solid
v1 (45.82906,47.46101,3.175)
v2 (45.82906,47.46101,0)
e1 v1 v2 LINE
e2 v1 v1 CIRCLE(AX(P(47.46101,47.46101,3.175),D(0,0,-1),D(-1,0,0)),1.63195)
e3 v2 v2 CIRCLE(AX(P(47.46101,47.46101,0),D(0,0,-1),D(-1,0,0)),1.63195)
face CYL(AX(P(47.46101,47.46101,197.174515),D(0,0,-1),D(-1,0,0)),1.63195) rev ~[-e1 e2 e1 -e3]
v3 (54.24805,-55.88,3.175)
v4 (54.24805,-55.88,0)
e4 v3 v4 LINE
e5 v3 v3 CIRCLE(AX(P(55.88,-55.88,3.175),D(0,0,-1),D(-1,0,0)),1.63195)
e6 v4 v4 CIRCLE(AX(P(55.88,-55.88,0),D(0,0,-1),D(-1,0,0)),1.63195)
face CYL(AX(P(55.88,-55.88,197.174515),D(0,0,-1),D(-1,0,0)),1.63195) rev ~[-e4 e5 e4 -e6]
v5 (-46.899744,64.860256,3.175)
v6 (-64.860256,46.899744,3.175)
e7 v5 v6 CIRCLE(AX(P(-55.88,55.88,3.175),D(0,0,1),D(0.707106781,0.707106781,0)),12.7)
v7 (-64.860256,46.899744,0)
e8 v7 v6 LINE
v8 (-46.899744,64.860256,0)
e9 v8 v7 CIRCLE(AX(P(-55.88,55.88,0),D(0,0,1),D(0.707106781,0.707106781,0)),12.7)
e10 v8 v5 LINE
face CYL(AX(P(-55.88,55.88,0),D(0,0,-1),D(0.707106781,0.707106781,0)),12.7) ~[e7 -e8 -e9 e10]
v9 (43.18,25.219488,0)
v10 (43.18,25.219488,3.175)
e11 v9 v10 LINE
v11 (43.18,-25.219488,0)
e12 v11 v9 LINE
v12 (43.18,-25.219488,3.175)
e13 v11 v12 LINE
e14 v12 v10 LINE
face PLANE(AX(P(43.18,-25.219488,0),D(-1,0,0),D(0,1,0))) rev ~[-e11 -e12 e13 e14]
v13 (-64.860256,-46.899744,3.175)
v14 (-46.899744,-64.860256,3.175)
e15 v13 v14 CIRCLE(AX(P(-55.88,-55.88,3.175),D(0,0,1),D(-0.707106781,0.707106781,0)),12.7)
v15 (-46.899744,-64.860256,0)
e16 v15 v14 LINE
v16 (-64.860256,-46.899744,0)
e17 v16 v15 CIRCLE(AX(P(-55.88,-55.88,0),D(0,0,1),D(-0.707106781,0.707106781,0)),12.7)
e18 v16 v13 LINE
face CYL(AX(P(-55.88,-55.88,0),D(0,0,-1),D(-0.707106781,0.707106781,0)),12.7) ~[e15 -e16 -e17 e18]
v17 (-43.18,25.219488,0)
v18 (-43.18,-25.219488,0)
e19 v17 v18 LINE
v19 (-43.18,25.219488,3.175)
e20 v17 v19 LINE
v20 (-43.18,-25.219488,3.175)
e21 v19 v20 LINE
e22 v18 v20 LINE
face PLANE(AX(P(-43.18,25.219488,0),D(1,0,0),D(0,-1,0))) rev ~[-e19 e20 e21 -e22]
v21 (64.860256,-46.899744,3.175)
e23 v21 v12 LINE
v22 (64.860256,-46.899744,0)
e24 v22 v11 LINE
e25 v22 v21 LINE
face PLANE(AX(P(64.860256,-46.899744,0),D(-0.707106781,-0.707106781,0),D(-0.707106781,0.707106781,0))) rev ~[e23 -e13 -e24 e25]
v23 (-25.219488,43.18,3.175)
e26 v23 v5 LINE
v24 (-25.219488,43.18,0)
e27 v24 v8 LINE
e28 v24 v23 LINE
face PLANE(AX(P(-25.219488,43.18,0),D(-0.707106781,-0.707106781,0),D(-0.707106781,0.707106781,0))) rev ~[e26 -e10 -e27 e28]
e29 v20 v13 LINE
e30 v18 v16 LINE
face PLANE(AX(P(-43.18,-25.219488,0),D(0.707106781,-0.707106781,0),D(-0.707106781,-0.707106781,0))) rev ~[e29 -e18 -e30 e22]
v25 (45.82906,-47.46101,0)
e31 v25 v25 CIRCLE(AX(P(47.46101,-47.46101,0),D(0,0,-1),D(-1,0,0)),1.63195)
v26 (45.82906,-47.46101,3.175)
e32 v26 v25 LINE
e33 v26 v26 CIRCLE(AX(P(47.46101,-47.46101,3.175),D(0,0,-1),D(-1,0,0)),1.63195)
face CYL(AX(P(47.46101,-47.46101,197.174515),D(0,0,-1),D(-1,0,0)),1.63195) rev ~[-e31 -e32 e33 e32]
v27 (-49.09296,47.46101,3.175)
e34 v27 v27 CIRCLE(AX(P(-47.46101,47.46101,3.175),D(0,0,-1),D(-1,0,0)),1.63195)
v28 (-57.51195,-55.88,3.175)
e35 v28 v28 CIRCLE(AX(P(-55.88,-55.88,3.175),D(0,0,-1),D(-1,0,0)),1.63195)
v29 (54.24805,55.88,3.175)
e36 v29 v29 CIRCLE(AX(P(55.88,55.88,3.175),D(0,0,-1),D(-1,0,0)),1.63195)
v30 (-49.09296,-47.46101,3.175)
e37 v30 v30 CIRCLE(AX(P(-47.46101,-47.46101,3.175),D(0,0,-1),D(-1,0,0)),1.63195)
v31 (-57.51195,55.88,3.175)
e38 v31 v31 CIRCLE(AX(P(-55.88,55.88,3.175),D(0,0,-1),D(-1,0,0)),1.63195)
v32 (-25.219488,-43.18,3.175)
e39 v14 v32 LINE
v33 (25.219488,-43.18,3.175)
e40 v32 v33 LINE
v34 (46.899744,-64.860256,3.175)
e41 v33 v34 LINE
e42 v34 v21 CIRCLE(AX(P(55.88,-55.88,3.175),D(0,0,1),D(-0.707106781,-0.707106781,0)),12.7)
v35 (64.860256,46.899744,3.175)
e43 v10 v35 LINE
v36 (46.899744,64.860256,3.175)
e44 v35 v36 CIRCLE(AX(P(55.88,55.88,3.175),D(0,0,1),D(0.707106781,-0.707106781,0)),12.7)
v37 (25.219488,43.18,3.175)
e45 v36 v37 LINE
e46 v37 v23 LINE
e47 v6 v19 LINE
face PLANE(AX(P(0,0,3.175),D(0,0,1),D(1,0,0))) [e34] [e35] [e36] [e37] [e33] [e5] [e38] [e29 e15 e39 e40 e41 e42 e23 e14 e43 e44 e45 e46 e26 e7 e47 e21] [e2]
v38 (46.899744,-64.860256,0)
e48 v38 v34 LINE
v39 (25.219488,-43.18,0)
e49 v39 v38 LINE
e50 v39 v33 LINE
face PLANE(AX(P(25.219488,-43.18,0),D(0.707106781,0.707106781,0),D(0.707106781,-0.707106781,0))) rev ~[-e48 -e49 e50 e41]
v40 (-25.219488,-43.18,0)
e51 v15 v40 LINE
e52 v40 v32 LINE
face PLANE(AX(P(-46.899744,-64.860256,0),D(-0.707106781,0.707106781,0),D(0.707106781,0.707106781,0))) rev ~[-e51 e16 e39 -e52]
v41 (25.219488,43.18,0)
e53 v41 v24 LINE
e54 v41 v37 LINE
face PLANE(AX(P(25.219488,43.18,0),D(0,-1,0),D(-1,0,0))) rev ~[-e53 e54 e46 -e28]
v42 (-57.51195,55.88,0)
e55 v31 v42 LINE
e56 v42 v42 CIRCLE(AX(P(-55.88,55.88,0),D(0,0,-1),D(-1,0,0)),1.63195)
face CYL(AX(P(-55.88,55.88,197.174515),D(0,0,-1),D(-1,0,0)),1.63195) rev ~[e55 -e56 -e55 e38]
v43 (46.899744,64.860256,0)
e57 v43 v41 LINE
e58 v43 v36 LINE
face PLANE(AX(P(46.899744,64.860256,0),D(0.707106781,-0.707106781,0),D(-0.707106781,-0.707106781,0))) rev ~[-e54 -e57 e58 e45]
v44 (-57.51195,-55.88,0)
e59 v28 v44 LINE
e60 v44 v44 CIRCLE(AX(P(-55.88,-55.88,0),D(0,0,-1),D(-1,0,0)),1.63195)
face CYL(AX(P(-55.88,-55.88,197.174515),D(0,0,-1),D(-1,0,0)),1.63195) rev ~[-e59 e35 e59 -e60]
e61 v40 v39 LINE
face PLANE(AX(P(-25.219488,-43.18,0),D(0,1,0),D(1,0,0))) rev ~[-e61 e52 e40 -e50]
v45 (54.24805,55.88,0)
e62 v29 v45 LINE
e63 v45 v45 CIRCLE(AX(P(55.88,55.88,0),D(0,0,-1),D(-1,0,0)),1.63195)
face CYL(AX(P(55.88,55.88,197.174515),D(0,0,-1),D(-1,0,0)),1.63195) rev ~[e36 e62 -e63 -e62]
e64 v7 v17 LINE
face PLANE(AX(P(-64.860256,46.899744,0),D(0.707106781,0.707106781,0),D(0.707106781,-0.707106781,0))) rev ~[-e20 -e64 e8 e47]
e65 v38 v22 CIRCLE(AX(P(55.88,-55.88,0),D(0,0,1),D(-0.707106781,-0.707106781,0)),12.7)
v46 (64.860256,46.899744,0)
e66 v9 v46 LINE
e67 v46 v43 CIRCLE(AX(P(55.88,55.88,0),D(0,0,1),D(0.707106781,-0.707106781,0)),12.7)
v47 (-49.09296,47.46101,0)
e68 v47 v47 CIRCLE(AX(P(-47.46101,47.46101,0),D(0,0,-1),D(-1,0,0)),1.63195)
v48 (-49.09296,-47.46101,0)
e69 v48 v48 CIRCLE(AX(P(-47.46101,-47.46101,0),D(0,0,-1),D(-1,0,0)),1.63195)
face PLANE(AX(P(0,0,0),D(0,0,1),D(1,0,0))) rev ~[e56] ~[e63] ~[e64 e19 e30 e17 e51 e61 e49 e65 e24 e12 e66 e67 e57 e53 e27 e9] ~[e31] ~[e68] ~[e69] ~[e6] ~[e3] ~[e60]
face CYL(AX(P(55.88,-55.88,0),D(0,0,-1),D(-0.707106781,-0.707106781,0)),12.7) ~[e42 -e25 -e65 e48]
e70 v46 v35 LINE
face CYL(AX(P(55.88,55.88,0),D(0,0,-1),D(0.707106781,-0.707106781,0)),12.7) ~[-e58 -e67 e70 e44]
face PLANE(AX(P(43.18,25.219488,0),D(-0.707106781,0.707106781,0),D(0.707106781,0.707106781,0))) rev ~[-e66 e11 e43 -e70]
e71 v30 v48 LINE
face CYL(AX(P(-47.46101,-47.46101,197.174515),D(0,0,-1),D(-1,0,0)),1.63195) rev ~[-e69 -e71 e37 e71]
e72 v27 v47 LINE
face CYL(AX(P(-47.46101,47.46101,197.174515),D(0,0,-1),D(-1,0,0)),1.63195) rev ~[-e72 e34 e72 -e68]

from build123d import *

# Parameters (mm, degrees)
F1_DEPTH = 3.175
F3_D     = 3.2639
F5_D     = 3.2639


with BuildPart() as f1:
    # F0 (on Top) → F1 (new body)
    with BuildSketch(Plane.XY):
        with BuildLine():
            Line((-25.2194877579, 43.18), (-46.8997438789, 64.8602561211))
            ThreePointArc((-46.8997438789, 64.8602561211), (-64.8602561211, 64.8602561211), (-64.8602561211, 46.8997438789))
            Line((-64.8602561211, 46.8997438789), (-43.18, 25.2194877579))
            Line((-43.18, 25.2194877579), (-43.18, -25.2194877579))
            Line((-43.18, -25.2194877579), (-64.8602561211, -46.8997438789))
            ThreePointArc((-64.8602561211, -46.8997438789), (-64.8602561211, -64.8602561211), (-46.8997438789, -64.8602561211))
            Line((-46.8997438789, -64.8602561211), (-25.2194877579, -43.18))
            Line((-25.2194877579, -43.18), (25.2194877579, -43.18))
            Line((25.2194877579, -43.18), (46.8997438789, -64.8602561211))
            ThreePointArc((46.8997438789, -64.8602561211), (64.8602561211, -64.8602561211), (64.8602561211, -46.8997438789))
            Line((64.8602561211, -46.8997438789), (43.18, -25.2194877579))
            Line((43.18, -25.2194877579), (43.18, 25.2194877579))
            Line((43.18, 25.2194877579), (64.8602561211, 46.8997438789))
            ThreePointArc((64.8602561211, 46.8997438789), (64.8602561211, 64.8602561211), (46.8997438789, 64.8602561211))
            Line((46.8997438789, 64.8602561211), (25.2194877579, 43.18))
            Line((25.2194877579, 43.18), (-25.2194877579, 43.18))
        make_face()
    extrude(amount=F1_DEPTH)

    # F3 (through all)
    with Locations(Plane.XY.offset(3.175)):
        with Locations((-55.88, 55.88), (55.88, 55.88), (55.88, -55.88), (-55.88, -55.88)):
            Hole(F3_D / 2)

    # F5 (through all)
    with Locations(Plane.XY.offset(3.175)):
        with Locations((-47.4610098865, 47.4610098865), (47.4610098865, 47.4610098865), (47.4610098865, -47.4610098865), (-47.4610098865, -47.4610098865)):
            Hole(F5_D / 2)


solid = f1.part
